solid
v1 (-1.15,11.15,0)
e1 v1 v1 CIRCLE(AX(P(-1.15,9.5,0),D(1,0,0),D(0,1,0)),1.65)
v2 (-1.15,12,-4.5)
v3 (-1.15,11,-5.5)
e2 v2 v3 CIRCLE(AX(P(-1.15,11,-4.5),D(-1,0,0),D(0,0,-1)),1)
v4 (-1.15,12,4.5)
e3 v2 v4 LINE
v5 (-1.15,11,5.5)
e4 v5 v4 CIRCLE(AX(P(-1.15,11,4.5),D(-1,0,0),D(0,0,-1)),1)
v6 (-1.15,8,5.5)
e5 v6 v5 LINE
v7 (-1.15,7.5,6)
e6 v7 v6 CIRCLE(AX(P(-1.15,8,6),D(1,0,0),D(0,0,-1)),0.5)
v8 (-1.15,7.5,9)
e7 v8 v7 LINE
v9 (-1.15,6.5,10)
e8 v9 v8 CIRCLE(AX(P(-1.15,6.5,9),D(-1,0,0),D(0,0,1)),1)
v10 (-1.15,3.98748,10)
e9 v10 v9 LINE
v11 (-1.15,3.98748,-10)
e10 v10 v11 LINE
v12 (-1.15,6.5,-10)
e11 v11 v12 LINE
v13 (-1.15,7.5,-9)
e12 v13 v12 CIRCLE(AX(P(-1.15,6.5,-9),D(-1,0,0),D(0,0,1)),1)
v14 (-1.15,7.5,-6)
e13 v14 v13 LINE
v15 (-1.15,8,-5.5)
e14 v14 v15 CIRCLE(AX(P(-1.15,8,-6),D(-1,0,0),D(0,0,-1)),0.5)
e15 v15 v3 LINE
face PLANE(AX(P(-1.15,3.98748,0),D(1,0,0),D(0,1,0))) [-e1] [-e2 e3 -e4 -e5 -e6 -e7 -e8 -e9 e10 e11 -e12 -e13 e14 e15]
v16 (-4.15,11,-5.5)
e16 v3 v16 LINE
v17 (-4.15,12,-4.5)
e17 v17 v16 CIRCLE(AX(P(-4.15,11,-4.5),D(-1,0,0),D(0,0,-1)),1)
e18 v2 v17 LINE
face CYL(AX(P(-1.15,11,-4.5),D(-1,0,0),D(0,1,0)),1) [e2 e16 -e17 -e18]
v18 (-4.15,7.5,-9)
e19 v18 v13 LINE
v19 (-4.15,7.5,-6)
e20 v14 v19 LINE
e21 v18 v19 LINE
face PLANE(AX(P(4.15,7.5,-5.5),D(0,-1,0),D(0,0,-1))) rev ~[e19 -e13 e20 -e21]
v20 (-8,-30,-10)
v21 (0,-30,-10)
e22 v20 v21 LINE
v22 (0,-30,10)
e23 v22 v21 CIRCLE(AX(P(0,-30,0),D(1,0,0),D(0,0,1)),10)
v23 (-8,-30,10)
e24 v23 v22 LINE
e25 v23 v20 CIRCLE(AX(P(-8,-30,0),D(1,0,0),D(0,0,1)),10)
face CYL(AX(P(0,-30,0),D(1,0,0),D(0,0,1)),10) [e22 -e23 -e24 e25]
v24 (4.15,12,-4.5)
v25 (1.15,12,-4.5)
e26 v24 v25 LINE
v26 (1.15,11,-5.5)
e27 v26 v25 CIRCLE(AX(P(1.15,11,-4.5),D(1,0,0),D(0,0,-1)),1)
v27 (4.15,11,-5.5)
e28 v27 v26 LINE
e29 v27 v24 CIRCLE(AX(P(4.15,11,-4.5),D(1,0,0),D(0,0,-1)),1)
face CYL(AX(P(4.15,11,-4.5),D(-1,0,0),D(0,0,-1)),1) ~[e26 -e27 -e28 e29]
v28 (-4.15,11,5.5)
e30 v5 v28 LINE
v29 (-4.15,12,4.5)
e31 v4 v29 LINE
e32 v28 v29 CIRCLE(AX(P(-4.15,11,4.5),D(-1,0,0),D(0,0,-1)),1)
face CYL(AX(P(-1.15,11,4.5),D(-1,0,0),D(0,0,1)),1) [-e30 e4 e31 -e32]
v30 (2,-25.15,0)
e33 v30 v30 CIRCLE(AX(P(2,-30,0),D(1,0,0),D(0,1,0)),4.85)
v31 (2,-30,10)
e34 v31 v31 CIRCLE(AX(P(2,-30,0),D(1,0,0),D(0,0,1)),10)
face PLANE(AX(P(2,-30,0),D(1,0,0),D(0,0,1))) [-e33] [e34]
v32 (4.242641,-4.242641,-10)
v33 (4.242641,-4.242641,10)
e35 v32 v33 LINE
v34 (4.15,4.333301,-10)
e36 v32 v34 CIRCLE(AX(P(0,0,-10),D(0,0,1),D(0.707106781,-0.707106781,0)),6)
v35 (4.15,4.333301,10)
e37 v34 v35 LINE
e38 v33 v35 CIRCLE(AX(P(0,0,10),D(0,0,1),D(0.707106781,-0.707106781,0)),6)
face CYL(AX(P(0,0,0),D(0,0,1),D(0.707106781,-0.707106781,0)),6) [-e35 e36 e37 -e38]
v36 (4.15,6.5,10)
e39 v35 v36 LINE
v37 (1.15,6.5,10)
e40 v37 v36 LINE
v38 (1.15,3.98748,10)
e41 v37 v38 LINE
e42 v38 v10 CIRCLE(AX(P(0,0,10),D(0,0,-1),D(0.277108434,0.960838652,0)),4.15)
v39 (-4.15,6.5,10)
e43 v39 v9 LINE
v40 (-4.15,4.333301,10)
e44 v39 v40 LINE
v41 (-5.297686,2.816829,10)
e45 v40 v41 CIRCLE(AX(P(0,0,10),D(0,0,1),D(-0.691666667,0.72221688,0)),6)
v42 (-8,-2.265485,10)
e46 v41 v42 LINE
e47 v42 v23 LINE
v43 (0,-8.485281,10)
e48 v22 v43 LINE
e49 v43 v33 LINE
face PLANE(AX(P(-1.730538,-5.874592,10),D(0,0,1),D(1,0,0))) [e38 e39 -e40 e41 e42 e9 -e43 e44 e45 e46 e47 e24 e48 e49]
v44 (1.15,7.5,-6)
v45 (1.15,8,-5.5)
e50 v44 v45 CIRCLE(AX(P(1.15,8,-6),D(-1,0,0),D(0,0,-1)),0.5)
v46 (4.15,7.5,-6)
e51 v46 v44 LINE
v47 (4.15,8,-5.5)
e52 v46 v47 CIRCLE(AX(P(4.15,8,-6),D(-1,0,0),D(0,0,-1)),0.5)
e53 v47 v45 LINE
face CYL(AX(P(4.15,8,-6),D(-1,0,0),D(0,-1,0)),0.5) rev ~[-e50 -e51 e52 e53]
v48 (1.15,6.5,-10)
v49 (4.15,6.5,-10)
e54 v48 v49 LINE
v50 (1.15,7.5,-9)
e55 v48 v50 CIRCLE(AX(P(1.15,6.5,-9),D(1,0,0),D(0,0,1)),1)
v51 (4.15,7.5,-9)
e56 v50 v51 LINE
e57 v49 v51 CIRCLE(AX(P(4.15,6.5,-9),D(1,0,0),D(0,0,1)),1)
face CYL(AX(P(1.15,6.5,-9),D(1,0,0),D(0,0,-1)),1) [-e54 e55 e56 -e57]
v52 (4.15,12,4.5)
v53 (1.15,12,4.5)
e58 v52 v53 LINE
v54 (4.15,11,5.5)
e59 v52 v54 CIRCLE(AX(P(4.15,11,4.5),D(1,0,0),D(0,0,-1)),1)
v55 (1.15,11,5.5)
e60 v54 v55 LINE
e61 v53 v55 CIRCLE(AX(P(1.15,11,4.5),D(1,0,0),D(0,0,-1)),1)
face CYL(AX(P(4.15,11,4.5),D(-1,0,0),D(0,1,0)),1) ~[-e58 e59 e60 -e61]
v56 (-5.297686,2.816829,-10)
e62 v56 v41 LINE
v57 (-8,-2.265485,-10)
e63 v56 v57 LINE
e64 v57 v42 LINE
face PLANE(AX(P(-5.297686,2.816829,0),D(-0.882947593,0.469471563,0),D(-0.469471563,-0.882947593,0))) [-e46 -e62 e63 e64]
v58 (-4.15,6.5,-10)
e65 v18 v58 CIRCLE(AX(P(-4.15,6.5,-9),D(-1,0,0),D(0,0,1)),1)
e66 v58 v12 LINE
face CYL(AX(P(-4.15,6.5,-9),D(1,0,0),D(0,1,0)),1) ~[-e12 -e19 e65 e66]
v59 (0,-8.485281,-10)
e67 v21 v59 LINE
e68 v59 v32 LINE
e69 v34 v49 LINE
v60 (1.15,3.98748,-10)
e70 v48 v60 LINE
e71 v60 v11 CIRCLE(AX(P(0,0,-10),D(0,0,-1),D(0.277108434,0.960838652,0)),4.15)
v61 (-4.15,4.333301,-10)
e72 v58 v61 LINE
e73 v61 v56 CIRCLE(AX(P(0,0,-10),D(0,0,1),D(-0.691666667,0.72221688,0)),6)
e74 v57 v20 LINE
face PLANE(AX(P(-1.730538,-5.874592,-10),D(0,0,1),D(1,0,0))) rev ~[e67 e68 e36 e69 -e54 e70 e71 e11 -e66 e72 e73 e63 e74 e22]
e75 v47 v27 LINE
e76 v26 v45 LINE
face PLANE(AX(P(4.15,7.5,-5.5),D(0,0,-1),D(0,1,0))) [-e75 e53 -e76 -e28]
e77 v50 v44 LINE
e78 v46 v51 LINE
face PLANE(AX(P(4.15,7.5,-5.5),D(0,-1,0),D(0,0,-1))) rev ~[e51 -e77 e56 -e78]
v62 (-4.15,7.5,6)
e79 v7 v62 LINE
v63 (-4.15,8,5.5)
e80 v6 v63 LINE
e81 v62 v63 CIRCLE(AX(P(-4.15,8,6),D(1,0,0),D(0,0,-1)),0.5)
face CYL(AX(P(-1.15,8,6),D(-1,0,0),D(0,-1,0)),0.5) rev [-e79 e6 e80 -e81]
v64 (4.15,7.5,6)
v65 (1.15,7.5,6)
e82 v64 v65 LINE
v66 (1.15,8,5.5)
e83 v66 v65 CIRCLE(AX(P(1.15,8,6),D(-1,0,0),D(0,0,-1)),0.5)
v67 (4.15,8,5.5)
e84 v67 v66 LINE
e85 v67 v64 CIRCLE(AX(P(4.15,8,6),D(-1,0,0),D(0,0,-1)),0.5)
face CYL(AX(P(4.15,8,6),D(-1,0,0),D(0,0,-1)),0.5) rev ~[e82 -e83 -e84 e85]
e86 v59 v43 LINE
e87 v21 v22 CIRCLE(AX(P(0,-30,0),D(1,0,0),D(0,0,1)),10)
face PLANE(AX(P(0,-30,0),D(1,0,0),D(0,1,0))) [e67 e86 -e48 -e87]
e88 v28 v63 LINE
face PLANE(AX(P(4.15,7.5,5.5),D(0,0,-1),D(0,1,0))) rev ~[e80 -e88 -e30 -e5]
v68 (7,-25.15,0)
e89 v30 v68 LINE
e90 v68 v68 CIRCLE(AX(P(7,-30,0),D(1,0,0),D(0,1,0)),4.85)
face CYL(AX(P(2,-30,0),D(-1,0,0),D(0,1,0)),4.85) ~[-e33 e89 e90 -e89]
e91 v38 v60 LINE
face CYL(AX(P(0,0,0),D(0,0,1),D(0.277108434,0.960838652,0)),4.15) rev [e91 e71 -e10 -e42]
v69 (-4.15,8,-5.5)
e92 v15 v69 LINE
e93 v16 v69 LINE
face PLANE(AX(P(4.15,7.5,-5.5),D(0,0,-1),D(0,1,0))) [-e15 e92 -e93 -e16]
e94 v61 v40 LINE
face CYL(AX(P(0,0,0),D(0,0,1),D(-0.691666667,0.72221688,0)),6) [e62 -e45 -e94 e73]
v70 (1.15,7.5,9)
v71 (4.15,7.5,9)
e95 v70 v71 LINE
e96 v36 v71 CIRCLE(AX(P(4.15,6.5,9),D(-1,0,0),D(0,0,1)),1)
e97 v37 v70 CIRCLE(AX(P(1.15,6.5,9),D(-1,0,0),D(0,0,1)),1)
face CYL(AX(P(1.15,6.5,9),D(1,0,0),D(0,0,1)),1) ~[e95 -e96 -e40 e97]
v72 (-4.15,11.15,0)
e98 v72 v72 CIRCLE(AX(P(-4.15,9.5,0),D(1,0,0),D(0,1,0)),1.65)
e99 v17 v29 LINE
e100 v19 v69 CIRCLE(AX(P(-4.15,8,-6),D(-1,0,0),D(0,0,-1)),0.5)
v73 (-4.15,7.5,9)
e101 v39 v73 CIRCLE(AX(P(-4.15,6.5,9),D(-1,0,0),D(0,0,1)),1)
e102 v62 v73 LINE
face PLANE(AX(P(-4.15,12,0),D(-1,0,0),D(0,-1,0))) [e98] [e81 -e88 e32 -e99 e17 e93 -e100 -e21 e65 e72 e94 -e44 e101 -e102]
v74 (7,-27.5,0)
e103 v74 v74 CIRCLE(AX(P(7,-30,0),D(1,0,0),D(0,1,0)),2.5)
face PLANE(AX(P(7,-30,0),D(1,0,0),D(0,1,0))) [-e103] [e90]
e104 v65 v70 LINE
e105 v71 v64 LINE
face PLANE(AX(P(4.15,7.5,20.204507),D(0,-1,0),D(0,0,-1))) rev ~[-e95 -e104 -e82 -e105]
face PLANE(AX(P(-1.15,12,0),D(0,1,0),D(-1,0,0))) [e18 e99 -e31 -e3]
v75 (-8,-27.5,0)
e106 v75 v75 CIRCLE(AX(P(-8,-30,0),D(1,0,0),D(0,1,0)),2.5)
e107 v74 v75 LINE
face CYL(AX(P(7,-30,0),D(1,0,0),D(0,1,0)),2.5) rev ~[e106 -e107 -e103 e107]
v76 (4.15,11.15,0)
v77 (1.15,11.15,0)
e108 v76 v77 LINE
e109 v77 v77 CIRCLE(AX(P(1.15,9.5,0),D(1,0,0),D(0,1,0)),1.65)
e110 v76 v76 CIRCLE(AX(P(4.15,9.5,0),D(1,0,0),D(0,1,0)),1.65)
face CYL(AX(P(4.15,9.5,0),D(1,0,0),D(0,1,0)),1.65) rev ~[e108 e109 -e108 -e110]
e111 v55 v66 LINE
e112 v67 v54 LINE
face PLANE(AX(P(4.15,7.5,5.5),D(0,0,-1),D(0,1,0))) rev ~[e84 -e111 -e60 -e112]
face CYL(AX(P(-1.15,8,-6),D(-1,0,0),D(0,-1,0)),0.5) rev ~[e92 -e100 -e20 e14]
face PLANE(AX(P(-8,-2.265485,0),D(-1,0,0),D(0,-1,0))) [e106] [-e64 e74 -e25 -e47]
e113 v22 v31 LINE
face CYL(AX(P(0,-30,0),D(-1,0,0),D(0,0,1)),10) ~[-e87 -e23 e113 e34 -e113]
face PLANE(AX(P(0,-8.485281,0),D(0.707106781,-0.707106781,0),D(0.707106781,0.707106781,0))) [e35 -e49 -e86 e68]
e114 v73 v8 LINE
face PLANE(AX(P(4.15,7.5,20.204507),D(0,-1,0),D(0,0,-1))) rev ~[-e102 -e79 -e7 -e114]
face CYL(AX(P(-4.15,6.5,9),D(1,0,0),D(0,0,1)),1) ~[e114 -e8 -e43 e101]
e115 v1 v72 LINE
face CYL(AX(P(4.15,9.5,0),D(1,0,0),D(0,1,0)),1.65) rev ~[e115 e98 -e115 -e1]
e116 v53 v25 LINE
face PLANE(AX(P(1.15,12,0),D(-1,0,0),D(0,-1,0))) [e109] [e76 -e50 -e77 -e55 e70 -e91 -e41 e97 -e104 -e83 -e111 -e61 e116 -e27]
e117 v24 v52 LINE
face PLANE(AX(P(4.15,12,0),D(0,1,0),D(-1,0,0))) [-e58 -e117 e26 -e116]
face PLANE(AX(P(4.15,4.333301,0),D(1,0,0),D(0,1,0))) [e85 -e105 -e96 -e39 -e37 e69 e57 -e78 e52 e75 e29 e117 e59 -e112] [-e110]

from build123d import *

# Parameters (mm, degrees)
EXTRUDE_1_DEPTH             = 10
SKETCH_6_R                  = 1.65
SKETCH_6_W                  = 14.704506527
SKETCH_6_H                  = 8.520368268
CUT_EXTRUDE_2_DEPTH         = 34.876577454
FILLET_1_R                  = 1
FILLET_2_R                  = 0.5
EXTRUDE_2_REACH             = 34.619
SKETCH_7_R                  = 10
EXTRUDE_2_DIRECTION_2_DEPTH = 2
SKETCH_8_R                  = 4.85
EXTRUDE_3_DEPTH             = 5
SKETCH_9_R                  = 2.5
CUT_EXTRUDE_3_DEPTH         = 44.874821937


with BuildPart() as part:
    # 草图1 → 凸台-拉伸1 (new, symmetric)
    with BuildSketch(Plane.XY):
        with BuildLine():
            Line((-1.15, 3.987480407), (-1.15, 12))
            Line((-1.15, 12), (-4.15, 12))
            Line((-4.15, 12), (-4.15, 4.333301282))
            ThreePointArc((-4.15, 4.333301282), (-4.784308974, 3.620826928), (-5.297685557, 2.816829377))
            Line((-5.297685557, 2.816829377), (-8, -2.265484914))
            Line((-8, -2.265484914), (-8, -30))
            Line((-8, -30), (0, -30))
            Line((0, -30), (0, -8.485281374))
            Line((0, -8.485281374), (4.242640687, -4.242640687))
            ThreePointArc((4.242640687, -4.242640687), (5.999649956, 0.064810571), (4.15, 4.333301282))
            Line((4.15, 4.333301282), (4.15, 12))
            Line((4.15, 12), (1.15, 12))
            Line((1.15, 12), (1.15, 3.987480407))
            ThreePointArc((1.15, 3.987480407), (0, -4.15), (-1.15, 3.987480407))
        make_face()
    extrude(amount=EXTRUDE_1_DEPTH, both=True)

    # 草图6 → 切除-拉伸2 (cut, through all)
    with BuildSketch(Plane(origin=(4.15, 0, 0), x_dir=(0, 0, -1), z_dir=(1, 0, 0))):
        with Locations(Location((0, 9.5, 0), (0, 0, 90))):
            Circle(SKETCH_6_R)
        with Locations((-12.852253263, 11.760184134)):
            Rectangle(SKETCH_6_W, SKETCH_6_H)
        with Locations((12.852253263, 11.760184134)):
            Rectangle(SKETCH_6_W, SKETCH_6_H)
    extrude(amount=-CUT_EXTRUDE_2_DEPTH, mode=Mode.SUBTRACT)

    # 圆角1
    fillet_1_edges = [part.edges().sort_by_distance(p)[0] for p in [
        (2.65, 7.5, -10),
        (-2.65, 7.5, -10),
        (2.65, 7.5, 10),
        (-2.65, 7.5, 10),
        (2.65, 12, 5.5),
        (-2.65, 12, 5.5),
        (2.65, 12, -5.5),
        (-2.65, 12, -5.5),
    ]]
    fillet(fillet_1_edges, radius=FILLET_1_R)

    # 圆角2
    fillet_2_edges = [part.edges().sort_by_distance(p)[0] for p in [
        (-2.65, 7.5, 5.5),
        (2.65, 7.5, 5.5),
        (2.65, 7.5, -5.5),
        (-2.65, 7.5, -5.5),
    ]]
    fillet(fillet_2_edges, radius=FILLET_2_R)

    # 凸台-拉伸2: up to this face of the body (flat: up to its plane)
    extrude_2_end = Plane(part.part.faces().sort_by_distance((-8, -16.132742457, 0))[0])
    # 草图7 → 凸台-拉伸2 (add, up to the picked face)
    with BuildSketch(Plane(origin=(0, 0, 0), x_dir=(0, 0, -1), z_dir=(1, 0, 0)), mode=Mode.PRIVATE) as extrude_2_sk1:
        with Locations(Location((0, -30, 0), (0, 0, 180))):
            Circle(SKETCH_7_R)
    extrude_2_tool1 = split(extrude(extrude_2_sk1.sketch, amount=-EXTRUDE_2_REACH, mode=Mode.PRIVATE), bisect_by=extrude_2_end, keep=Keep.BOTH, mode=Mode.PRIVATE)
    add(extrude_2_tool1.solids().sort_by(Axis((0, -30, 0), (-1, 0, 0)))[0])

    # 草图7 → 凸台-拉伸2 direction 2 (add)
    with BuildSketch(Plane(origin=(0, 0, 0), x_dir=(0, 0, -1), z_dir=(1, 0, 0))):
        with Locations(Location((0, -30, 0), (0, 0, 180))):
            Circle(SKETCH_7_R)
    extrude(amount=EXTRUDE_2_DIRECTION_2_DEPTH)

    # 草图8 → 凸台-拉伸3 (add)
    with BuildSketch(Plane(origin=(2, 0, 0), x_dir=(0, 0, -1), z_dir=(1, 0, 0))):
        with Locations(Location((0, -30, 0), (0, 0, 90))):
            Circle(SKETCH_8_R)
    extrude(amount=EXTRUDE_3_DEPTH)

    # 草图9 → 切除-拉伸3 (cut, through all)
    with BuildSketch(Plane(origin=(7, 0, 0), x_dir=(0, 0, -1), z_dir=(1, 0, 0))):
        with Locations(Location((0, -30, 0), (0, 0, 90))):
            Circle(SKETCH_9_R)
    extrude(amount=-CUT_EXTRUDE_3_DEPTH, mode=Mode.SUBTRACT)


solid = part.part
